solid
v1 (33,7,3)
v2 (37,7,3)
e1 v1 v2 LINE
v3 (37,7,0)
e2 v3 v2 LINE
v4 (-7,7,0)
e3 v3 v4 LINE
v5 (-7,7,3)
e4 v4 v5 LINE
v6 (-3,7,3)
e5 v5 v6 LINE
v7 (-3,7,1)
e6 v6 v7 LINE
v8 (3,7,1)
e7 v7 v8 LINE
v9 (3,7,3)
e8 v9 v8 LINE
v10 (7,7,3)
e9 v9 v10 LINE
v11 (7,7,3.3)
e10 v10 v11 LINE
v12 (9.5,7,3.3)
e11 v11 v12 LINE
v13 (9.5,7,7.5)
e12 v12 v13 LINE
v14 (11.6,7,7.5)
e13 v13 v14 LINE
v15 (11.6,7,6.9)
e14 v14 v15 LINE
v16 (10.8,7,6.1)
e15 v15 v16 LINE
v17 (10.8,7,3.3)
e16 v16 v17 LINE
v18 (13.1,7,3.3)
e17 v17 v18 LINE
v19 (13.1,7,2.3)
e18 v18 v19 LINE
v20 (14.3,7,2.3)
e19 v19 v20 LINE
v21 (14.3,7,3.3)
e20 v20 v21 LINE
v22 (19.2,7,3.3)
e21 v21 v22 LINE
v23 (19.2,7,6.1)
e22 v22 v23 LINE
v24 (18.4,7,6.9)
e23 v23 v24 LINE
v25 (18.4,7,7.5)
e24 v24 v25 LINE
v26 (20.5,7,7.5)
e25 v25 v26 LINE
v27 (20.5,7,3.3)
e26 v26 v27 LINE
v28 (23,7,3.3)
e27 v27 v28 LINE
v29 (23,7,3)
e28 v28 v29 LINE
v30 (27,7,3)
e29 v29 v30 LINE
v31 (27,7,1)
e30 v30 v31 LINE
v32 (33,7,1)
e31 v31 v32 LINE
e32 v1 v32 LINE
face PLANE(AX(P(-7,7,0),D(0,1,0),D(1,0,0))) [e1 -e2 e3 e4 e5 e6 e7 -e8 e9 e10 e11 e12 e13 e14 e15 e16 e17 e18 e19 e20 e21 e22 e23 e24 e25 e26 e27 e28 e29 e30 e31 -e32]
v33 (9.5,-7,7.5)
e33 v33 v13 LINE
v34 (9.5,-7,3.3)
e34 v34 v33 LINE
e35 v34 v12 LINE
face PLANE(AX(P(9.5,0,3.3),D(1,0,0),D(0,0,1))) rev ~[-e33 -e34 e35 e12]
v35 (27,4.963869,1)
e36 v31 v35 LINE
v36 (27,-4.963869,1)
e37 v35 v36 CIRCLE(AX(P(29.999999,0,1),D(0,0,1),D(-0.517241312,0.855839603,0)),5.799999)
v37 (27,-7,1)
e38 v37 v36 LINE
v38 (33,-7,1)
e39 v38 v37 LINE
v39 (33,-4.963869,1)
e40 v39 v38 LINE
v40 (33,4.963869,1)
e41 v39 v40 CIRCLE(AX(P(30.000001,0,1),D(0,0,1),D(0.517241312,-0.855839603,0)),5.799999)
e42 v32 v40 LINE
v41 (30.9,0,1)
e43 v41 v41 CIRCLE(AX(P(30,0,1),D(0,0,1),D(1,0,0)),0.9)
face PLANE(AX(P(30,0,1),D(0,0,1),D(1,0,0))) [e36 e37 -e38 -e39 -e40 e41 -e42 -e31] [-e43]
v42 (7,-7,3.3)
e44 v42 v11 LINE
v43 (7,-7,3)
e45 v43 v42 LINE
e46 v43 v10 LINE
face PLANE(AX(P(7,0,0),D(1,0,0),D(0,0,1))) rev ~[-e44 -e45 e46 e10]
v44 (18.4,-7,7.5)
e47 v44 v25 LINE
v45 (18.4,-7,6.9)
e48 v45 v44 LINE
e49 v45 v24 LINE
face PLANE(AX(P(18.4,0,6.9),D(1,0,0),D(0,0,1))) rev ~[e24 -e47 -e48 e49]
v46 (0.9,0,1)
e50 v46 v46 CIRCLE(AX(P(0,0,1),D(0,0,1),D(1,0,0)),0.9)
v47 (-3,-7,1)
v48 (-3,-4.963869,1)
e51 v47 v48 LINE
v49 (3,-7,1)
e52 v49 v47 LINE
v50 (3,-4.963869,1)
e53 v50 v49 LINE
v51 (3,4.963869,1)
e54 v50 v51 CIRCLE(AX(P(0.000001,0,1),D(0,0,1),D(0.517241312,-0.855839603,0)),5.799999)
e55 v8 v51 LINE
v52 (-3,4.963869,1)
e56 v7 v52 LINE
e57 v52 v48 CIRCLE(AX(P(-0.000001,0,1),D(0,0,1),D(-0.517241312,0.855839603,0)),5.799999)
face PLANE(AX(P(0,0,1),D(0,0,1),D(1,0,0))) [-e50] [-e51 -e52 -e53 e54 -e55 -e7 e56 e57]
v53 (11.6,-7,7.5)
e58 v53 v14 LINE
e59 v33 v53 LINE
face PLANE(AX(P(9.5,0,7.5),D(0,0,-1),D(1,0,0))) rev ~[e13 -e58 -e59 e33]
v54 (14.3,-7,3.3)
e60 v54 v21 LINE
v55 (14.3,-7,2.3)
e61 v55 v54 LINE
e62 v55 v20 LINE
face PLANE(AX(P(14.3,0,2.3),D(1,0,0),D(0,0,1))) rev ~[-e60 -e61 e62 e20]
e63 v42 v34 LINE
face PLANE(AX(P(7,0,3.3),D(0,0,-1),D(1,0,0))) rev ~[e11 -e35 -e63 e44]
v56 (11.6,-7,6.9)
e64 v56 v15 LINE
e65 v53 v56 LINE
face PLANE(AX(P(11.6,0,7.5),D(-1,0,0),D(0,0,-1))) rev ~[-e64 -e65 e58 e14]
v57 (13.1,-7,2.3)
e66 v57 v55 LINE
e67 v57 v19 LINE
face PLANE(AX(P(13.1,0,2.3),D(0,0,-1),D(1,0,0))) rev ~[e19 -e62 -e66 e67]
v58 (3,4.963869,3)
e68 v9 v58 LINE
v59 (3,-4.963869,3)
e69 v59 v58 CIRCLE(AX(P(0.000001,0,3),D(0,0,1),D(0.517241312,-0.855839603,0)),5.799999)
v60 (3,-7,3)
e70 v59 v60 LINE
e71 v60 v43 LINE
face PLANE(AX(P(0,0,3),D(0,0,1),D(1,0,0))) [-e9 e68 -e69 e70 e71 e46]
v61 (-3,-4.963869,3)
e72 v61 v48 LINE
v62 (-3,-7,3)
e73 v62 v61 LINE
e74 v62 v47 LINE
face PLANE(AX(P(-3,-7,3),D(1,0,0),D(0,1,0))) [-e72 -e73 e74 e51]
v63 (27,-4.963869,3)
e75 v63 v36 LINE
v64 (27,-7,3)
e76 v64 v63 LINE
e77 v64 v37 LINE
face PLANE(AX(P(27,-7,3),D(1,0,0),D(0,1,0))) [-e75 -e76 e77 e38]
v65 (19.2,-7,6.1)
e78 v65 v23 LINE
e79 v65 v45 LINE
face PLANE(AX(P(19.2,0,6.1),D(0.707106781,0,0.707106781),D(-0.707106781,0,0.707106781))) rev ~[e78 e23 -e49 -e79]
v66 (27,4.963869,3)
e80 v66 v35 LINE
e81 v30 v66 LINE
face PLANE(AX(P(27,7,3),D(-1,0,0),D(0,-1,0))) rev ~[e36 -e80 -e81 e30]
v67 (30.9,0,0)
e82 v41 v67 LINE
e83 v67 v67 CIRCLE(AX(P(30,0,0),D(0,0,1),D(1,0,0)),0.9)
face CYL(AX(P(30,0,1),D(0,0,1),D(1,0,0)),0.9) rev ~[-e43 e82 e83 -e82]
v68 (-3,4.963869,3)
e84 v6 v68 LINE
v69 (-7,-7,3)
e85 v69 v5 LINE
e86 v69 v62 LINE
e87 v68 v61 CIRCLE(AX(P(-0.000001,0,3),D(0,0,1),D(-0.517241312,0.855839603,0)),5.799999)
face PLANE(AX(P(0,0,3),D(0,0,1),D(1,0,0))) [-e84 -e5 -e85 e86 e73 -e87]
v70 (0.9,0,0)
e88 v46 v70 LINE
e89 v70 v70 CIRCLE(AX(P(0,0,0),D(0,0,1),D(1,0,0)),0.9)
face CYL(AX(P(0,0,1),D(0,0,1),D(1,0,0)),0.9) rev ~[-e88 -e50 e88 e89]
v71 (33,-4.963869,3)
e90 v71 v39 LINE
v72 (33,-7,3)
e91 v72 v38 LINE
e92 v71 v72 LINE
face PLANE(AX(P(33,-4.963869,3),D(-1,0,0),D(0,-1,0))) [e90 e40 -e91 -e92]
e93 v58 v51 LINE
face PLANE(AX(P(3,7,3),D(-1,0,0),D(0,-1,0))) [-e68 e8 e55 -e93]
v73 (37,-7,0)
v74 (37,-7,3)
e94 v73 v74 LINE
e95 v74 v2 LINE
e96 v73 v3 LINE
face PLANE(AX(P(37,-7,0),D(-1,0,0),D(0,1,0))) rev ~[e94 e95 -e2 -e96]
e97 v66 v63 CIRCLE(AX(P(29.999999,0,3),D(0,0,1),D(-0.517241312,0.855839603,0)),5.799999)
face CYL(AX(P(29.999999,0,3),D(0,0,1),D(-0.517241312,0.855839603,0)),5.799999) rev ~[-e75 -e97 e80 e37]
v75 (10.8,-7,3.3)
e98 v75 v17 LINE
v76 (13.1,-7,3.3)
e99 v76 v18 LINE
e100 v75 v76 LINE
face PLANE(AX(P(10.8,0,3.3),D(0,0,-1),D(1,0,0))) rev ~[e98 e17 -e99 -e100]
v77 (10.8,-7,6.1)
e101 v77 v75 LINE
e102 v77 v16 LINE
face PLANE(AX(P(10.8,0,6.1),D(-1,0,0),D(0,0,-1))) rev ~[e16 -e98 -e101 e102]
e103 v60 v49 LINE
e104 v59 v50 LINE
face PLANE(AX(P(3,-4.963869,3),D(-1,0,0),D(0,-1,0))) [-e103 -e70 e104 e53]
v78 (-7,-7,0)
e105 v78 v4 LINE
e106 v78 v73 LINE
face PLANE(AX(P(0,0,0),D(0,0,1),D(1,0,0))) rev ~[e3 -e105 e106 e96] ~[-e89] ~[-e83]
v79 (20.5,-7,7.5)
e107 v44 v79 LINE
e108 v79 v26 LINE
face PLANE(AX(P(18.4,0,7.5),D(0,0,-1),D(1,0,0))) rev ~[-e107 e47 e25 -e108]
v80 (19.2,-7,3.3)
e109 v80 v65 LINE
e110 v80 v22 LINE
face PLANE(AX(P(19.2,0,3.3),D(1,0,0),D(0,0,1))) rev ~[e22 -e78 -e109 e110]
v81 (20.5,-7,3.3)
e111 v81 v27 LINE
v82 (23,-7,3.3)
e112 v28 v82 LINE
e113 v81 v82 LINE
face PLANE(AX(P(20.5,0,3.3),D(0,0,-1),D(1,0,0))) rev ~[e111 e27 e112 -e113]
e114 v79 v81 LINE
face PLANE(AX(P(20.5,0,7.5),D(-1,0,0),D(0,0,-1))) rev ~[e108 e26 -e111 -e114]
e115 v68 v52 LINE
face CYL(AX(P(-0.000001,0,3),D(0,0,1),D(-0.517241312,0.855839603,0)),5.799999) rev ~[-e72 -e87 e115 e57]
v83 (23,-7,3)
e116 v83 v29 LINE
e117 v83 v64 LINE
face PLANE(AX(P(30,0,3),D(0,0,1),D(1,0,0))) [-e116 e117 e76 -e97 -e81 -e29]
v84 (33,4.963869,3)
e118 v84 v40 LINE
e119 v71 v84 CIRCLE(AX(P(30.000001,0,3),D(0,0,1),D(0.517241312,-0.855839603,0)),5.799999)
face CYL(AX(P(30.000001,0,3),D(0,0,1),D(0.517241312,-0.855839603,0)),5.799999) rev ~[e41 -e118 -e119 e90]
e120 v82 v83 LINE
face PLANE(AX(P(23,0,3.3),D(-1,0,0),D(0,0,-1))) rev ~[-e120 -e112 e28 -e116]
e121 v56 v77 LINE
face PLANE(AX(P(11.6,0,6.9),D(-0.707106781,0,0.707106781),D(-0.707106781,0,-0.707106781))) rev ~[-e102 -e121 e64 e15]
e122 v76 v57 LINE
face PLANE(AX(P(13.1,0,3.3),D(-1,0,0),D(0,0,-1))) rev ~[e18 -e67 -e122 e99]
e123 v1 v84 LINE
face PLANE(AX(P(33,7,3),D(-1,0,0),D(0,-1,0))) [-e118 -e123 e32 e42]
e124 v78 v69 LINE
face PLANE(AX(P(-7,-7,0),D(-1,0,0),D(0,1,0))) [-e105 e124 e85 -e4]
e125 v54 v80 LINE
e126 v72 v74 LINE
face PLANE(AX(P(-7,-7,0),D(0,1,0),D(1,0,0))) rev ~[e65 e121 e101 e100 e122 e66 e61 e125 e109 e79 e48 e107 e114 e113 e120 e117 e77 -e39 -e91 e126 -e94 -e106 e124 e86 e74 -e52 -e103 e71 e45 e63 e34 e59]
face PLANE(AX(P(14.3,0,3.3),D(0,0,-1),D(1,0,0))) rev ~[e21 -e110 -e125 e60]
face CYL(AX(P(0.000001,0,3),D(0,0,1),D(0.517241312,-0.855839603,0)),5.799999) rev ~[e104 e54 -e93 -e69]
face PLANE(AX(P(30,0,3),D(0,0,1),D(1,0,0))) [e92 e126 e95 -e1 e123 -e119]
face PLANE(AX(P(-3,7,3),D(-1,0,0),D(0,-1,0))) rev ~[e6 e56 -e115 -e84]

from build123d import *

# Parameters (mm, degrees)
PAD004_DEPTH          = 7
CLONE_PLACEMENT_ANGLE = -90
SKETCH009_W           = 14
SKETCH009_H           = 14
PAD003_DEPTH          = 3
POCKET006_DEPTH       = 2
SKETCH011_R           = 0.9
POCKET007_DEPTH       = 1.001


with BuildPart() as array:
    # Sketch012 → Pad004 (new body, symmetric)
    with BuildSketch(Plane.YZ):
        Polygon((-8, 0), (-8, 3.3), (-5.5, 3.3), (-5.5, 7.5), (-3.4, 7.5), (-3.4, 6.9), (-4.2, 6.1), (-4.2, 3.3), (-1.9, 3.3), (-1.9, 2.3), (-0.7, 2.3), (-0.7, 3.3), (4.2, 3.3), (4.2, 6.1), (3.4, 6.9), (3.4, 7.5), (5.5, 7.5), (5.5, 3.3), (8, 3.3), (8, 0), align=None)
    extrude(amount=PAD004_DEPTH, both=True)


with BuildPart() as array_1:
    # Clone placement: moved
    add(array.part.moved(Location((15, 0, 0))).rotate(Axis((15, 0, 0), (0, 0, 1)), CLONE_PLACEMENT_ANGLE))


with BuildPart() as pushpin_unit:
    # Sketch009 → Pad003 (new body)
    with BuildSketch(Plane.XY):
        Rectangle(SKETCH009_W, SKETCH009_H)
    extrude(amount=PAD003_DEPTH)

    # Sketch010 → Pocket006 (cut)
    with BuildSketch(Plane.XY.offset(3)):
        with BuildLine():
            Line((-3, 7), (-3, 4.963869))
            ThreePointArc((-3, 4.963869), (-5.8, 0), (-3, -4.963869))
            Line((-3, -7), (-3, -4.963869))
            Line((3, -7), (-3, -7))
            Line((3, -4.963869), (3, -7))
            ThreePointArc((3, -4.963869), (5.8, 0), (3, 4.963869))
            Line((3, 7), (3, 4.963869))
            Line((-3, 7), (3, 7))
        make_face()
    extrude(amount=-POCKET006_DEPTH, mode=Mode.SUBTRACT)

    # Sketch011 → Pocket007 (cut, through all)
    with BuildSketch(Plane.XY.offset(1)):
        Circle(SKETCH011_R)
    extrude(amount=-POCKET007_DEPTH, mode=Mode.SUBTRACT)


with BuildPart() as board_clamp_generic_fusion:
    # Clone008003 base: copy of pushpin-unit
    add(pushpin_unit.part)


with BuildPart() as board_clamp_generic_fusion_1:
    # Clone008003 placement: moved
    add(board_clamp_generic_fusion.part.moved(Location((30, 0, 0))))

    # Fusion: union Array, pushpin-unit
    add(array_1.part)
    add(pushpin_unit.part)


solid = board_clamp_generic_fusion_1.part
